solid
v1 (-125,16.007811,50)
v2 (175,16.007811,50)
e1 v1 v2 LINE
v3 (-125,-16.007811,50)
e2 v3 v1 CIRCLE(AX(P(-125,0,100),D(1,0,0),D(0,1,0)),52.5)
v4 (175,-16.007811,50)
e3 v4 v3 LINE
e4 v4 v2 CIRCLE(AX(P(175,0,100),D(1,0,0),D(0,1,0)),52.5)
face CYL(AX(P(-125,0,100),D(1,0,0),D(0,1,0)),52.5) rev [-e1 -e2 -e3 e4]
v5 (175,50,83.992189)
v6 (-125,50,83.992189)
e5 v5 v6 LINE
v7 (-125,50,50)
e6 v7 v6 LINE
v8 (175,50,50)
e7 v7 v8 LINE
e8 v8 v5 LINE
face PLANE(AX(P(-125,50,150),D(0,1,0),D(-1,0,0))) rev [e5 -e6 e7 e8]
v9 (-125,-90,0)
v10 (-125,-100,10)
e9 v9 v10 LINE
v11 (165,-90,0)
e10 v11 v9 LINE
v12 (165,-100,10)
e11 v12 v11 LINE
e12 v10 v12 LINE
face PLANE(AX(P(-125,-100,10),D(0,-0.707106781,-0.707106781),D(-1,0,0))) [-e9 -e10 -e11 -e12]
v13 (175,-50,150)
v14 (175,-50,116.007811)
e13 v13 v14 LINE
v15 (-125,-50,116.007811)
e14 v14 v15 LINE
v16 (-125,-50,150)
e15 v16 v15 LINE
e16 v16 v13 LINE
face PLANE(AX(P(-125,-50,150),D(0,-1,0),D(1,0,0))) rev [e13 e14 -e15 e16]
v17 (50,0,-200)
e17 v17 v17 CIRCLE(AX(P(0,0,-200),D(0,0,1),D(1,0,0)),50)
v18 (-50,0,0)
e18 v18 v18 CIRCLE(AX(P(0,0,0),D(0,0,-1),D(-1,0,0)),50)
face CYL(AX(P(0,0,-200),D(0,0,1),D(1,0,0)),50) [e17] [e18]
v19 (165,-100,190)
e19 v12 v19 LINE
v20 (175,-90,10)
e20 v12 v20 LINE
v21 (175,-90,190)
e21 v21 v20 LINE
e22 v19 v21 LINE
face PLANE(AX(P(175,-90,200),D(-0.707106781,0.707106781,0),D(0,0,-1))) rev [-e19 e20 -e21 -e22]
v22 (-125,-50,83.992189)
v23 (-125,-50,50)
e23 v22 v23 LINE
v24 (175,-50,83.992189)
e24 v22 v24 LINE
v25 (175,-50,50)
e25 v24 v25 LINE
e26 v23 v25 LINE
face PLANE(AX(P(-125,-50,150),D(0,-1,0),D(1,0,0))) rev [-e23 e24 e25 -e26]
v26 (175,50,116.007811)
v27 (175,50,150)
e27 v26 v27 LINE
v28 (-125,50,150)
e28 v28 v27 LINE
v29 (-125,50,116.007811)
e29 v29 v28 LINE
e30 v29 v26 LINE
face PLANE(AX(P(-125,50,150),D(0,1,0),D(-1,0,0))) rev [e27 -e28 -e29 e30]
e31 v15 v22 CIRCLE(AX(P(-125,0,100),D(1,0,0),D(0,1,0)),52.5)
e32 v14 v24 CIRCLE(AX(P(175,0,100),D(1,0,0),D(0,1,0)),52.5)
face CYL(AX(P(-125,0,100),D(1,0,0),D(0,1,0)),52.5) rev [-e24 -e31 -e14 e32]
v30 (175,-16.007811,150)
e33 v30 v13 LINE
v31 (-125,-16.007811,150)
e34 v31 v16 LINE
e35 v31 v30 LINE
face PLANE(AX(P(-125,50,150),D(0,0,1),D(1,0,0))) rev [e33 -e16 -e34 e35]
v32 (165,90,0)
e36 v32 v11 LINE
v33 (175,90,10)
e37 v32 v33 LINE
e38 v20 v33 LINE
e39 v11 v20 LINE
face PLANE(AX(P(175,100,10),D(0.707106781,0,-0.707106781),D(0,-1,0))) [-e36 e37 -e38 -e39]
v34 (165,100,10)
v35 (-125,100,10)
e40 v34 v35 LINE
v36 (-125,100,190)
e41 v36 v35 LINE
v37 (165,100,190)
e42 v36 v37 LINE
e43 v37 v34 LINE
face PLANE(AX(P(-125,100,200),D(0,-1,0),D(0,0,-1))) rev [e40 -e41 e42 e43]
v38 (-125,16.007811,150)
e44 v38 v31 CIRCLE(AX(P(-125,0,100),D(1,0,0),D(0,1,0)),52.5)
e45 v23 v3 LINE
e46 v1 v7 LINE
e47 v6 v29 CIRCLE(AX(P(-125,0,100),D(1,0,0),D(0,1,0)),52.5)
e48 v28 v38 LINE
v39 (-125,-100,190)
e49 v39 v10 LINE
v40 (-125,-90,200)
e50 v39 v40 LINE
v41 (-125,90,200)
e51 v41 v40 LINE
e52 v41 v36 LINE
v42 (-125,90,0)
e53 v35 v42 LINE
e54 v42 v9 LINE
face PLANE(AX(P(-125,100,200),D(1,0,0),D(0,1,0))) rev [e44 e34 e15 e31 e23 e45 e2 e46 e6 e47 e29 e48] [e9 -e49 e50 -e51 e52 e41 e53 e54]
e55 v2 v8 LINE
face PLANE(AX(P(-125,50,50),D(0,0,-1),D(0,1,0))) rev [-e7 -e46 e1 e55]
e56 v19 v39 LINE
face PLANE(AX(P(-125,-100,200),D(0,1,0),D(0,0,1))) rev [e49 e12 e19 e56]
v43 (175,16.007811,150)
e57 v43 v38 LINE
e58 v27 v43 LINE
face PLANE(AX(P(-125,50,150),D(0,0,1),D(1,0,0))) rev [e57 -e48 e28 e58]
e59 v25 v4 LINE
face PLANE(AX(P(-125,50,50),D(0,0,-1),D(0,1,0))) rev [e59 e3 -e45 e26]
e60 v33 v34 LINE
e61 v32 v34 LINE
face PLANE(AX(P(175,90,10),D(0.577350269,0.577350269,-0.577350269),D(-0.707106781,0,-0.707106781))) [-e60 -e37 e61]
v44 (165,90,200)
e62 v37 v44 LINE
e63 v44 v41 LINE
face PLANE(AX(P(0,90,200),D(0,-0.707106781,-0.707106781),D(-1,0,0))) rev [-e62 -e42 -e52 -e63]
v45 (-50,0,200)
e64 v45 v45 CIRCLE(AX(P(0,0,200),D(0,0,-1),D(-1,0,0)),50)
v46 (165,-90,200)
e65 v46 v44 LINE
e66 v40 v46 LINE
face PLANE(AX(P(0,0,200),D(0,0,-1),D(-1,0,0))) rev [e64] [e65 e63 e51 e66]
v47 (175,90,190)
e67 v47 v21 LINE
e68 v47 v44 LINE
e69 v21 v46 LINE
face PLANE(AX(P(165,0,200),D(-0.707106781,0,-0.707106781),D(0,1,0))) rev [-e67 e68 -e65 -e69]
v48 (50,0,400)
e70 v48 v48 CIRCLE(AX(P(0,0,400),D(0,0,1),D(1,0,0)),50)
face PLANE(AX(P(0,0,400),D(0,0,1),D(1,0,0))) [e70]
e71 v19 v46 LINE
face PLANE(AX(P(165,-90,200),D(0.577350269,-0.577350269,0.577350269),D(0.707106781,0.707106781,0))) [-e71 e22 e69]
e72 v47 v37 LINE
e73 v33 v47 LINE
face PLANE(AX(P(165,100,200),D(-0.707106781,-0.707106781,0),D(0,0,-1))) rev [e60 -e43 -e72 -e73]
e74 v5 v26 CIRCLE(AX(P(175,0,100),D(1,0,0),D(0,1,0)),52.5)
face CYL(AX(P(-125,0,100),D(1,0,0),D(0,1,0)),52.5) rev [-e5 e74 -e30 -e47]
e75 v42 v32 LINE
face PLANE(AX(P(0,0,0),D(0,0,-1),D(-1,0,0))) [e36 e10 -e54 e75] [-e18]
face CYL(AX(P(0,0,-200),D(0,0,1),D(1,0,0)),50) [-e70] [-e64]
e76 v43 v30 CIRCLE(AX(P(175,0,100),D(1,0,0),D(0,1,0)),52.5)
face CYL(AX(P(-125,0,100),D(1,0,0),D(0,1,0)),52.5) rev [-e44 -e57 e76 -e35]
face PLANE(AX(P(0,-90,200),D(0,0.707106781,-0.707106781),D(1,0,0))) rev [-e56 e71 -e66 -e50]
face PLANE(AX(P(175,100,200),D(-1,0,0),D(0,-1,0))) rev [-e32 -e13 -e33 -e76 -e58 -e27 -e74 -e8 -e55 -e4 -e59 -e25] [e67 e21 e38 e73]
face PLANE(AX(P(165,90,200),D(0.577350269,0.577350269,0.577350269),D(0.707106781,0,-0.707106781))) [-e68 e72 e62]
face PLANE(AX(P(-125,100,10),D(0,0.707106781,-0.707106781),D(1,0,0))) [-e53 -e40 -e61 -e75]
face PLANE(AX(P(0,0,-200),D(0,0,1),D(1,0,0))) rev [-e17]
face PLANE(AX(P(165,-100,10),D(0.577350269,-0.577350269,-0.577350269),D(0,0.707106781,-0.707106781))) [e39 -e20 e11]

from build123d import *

# Parameters (mm, degrees)
SALIENTE_EXTRUIR1_DEPTH      = 200
CROQUIS2_R                   = 50
SALIENTE_EXTRUIR2_DEPTH      = 200
SALIENTE_EXTRUIR2_DEPTH_BACK = 400
CROQUIS3_W                   = 100
CROQUIS3_H                   = 100
CORTAR_EXTRUIR1_DEPTH        = 301
CROQUIS4_R                   = 52.5
CORTAR_EXTRUIR2_DEPTH        = 301
CHAFL_N1_SIZE                = 10


with BuildPart() as part:
    # Croquis1 → Saliente-Extruir1 (new body)
    with BuildSketch(Plane.XY):
        Polygon((-125, 100), (125, 100), (175, 100), (175, -100), (125, -100), (-125, -100), align=None)
    extrude(amount=SALIENTE_EXTRUIR1_DEPTH)

    # Croquis2 → Saliente-Extruir2 (add, two sides)
    with BuildSketch(Plane.XY.offset(200)) as saliente_extruir2_sk:
        Circle(CROQUIS2_R)
    extrude(amount=SALIENTE_EXTRUIR2_DEPTH)
    extrude(saliente_extruir2_sk.sketch, amount=-SALIENTE_EXTRUIR2_DEPTH_BACK)

    # Croquis3 → Cortar-Extruir1 (cut, through all)
    with BuildSketch(Plane(origin=(175, 0, 0), x_dir=(0, 0, -1), z_dir=(1, 0, 0))):
        with Locations((-100, 0)):
            Rectangle(CROQUIS3_W, CROQUIS3_H)
    extrude(amount=-CORTAR_EXTRUIR1_DEPTH, mode=Mode.SUBTRACT)

    # Croquis4 → Cortar-Extruir2 (cut, through all)
    with BuildSketch(Plane(origin=(175, 0, 0), x_dir=(0, 0, -1), z_dir=(1, 0, 0))):
        with Locations((-100, 0)):
            Circle(CROQUIS4_R)
    extrude(amount=-CORTAR_EXTRUIR2_DEPTH, mode=Mode.SUBTRACT)

    # Chaflán1
    chafl_n1_edges = [part.edges().sort_by_distance(p)[0] for p in [
        (175, 100, 100),
        (175, -100, 100),
        (25, 100, 200),
        (25, -100, 200),
        (25, -100, 0),
        (25, 100, 0),
        (175, 0, 0),
        (175, 0, 200),
    ]]
    chamfer(chafl_n1_edges, length=CHAFL_N1_SIZE)


solid = part.part
